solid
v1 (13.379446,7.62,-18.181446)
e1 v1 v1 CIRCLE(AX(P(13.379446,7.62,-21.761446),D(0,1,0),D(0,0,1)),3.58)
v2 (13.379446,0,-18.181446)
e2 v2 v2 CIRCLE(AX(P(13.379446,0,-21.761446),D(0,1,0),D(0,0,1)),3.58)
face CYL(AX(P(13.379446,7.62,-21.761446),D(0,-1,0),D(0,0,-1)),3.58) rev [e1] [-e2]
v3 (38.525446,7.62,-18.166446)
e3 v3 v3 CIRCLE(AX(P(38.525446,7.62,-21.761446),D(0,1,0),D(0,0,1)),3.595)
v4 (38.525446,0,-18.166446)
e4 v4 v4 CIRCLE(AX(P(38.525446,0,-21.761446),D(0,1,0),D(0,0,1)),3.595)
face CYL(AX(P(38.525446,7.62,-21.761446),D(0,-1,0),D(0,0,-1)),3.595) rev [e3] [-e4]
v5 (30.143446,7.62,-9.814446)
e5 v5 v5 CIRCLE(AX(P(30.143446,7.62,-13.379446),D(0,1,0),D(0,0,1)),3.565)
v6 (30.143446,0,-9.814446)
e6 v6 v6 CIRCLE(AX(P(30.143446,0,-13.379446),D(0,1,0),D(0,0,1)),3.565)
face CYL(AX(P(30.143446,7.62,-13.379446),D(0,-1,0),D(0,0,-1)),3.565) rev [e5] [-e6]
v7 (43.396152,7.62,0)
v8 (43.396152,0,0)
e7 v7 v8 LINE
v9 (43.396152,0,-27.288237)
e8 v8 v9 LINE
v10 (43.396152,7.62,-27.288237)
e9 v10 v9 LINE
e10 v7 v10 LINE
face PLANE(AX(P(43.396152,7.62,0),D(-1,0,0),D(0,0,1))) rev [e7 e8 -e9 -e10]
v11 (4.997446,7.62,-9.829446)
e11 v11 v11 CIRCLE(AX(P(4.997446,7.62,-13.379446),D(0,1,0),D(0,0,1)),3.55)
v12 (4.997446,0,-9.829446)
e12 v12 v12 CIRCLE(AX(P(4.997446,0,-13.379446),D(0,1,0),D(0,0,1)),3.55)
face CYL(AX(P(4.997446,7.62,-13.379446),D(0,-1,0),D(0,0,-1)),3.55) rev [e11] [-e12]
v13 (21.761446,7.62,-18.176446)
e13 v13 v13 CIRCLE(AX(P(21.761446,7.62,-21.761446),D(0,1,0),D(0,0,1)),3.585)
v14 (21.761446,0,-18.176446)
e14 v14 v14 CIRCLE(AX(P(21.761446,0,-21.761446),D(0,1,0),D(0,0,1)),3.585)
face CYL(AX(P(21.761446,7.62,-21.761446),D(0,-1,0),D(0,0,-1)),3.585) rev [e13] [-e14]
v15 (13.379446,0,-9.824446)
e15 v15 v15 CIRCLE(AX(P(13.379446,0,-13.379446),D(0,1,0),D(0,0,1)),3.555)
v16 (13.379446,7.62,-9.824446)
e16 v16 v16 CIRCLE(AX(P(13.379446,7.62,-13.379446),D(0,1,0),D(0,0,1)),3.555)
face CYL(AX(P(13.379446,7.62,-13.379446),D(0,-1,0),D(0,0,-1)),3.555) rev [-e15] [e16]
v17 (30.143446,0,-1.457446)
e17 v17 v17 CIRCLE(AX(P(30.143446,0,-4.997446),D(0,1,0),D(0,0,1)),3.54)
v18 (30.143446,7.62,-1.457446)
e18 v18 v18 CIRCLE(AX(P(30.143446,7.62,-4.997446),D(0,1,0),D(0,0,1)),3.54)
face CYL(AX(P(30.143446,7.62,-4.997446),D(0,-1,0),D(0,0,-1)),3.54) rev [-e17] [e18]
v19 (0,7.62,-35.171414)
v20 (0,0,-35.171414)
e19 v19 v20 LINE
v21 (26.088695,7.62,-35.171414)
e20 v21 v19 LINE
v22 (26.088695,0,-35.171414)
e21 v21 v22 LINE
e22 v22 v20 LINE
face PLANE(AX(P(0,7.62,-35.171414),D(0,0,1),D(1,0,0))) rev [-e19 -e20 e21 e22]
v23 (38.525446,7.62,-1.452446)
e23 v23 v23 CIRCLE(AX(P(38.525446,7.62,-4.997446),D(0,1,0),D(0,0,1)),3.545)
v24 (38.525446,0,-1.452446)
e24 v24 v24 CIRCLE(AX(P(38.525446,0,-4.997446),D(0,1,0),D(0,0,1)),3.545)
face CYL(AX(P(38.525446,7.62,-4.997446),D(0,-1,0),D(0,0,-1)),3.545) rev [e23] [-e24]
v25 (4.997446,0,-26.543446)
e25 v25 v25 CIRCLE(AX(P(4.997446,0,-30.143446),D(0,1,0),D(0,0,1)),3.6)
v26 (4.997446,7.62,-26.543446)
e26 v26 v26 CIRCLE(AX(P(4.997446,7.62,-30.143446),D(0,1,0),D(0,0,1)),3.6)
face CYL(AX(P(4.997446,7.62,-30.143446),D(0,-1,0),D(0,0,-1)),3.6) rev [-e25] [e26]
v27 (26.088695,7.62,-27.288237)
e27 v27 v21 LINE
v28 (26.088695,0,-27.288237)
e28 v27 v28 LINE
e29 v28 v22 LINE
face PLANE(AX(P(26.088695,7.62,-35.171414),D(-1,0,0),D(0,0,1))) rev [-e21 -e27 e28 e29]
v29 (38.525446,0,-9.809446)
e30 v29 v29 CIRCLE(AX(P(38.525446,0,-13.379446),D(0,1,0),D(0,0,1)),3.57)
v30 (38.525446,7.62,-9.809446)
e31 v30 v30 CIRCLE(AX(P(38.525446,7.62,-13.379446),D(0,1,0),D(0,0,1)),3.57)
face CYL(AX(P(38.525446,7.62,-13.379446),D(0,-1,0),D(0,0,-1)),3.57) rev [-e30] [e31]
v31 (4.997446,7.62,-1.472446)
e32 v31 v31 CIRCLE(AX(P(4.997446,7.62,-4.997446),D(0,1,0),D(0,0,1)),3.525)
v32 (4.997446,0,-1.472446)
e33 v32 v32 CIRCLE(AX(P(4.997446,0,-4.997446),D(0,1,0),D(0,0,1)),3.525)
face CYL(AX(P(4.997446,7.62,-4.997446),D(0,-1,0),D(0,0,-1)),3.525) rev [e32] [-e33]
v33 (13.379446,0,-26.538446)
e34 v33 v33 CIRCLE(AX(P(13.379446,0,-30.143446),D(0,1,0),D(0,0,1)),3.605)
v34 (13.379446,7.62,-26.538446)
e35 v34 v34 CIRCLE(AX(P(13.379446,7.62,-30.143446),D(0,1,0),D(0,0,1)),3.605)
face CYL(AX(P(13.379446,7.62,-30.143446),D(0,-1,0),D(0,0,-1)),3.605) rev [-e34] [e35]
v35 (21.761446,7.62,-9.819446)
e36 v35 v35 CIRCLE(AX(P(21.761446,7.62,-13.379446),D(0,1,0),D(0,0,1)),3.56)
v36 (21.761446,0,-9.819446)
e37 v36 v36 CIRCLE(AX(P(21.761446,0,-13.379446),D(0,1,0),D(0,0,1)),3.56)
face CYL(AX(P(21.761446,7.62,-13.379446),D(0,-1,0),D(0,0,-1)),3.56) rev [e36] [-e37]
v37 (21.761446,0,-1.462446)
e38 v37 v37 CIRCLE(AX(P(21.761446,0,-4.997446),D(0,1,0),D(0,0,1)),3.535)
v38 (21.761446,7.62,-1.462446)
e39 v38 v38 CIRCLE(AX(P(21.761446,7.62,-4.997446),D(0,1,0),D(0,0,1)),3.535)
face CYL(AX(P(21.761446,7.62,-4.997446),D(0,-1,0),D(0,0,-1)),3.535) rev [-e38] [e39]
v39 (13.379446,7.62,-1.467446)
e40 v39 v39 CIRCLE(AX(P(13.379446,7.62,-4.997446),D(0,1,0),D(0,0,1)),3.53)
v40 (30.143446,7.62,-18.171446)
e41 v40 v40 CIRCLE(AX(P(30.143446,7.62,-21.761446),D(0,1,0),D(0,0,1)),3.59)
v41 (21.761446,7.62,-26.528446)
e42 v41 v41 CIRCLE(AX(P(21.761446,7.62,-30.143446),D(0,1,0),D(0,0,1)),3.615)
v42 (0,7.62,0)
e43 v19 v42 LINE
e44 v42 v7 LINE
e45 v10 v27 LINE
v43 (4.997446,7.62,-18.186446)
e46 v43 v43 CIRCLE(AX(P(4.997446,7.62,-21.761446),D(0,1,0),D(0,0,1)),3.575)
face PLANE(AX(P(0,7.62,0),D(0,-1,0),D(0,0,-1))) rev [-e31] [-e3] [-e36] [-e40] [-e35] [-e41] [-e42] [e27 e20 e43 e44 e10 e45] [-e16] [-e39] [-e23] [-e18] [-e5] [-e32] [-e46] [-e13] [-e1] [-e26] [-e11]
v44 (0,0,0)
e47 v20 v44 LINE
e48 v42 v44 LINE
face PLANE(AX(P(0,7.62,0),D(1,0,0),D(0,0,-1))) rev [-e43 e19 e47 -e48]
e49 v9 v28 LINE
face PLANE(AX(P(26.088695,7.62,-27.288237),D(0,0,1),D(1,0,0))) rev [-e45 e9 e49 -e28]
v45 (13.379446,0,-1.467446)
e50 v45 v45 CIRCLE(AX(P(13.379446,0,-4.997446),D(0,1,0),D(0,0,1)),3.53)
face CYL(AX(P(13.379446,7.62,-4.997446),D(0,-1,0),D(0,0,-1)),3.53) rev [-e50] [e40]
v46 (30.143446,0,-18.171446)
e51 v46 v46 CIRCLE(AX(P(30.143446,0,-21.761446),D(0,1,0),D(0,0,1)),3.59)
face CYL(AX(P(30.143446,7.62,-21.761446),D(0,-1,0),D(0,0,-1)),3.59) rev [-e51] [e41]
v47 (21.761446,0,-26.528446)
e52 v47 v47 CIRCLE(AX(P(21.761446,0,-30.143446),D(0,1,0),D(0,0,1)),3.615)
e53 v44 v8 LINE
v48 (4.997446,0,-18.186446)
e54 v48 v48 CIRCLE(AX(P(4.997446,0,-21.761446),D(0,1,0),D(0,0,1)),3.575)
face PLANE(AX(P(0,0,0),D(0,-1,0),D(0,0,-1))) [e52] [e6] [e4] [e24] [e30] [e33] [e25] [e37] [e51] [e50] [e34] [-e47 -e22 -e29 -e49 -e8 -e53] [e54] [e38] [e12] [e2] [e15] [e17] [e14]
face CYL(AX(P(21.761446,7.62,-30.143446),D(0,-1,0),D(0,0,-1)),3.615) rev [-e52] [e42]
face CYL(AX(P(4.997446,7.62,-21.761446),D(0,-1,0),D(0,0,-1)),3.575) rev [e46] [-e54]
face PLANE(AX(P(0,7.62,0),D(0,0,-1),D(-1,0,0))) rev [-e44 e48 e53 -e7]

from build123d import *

# Parameters (mm, degrees)
SKETCH1_R           = 3.525
SKETCH1_R_2         = 3.53
SKETCH1_R_3         = 3.535
SKETCH1_R_4         = 3.54
SKETCH1_R_5         = 3.545
SKETCH1_R_6         = 3.555
SKETCH1_R_7         = 3.56
SKETCH1_R_8         = 3.565
SKETCH1_R_9         = 3.57
SKETCH1_R_10        = 3.58
SKETCH1_R_11        = 3.585
SKETCH1_R_12        = 3.59
SKETCH1_R_13        = 3.595
SKETCH1_R_14        = 3.605
SKETCH1_R_15        = 3.615
SKETCH1_R_16        = 3.55
SKETCH1_R_17        = 3.575
SKETCH1_R_18        = 3.6
BOSS_EXTRUDE1_DEPTH = 7.62


with BuildPart() as part:
    # Sketch1 → Boss-Extrude1 (new body)
    with BuildSketch(Plane(origin=(0, 0, 0), x_dir=(1, 0, 0), z_dir=(0, 1, 0))):
        Polygon((0, 0), (43.396152207, 0), (43.396152207, 27.288237387), (26.088694952, 27.288237387), (26.088694952, 35.171413764), (0, 35.171413764), align=None)
        with Locations((4.997445859, 4.997445859)):
            Circle(SKETCH1_R, mode=Mode.SUBTRACT)
        with Locations((13.379445859, 4.997445859)):
            Circle(SKETCH1_R_2, mode=Mode.SUBTRACT)
        with Locations((21.761445859, 4.997445859)):
            Circle(SKETCH1_R_3, mode=Mode.SUBTRACT)
        with Locations((30.143445859, 4.997445859)):
            Circle(SKETCH1_R_4, mode=Mode.SUBTRACT)
        with Locations((38.525445859, 4.997445859)):
            Circle(SKETCH1_R_5, mode=Mode.SUBTRACT)
        with Locations((13.379445859, 13.379445859)):
            Circle(SKETCH1_R_6, mode=Mode.SUBTRACT)
        with Locations((21.761445859, 13.379445859)):
            Circle(SKETCH1_R_7, mode=Mode.SUBTRACT)
        with Locations((30.143445859, 13.379445859)):
            Circle(SKETCH1_R_8, mode=Mode.SUBTRACT)
        with Locations((38.525445859, 13.379445859)):
            Circle(SKETCH1_R_9, mode=Mode.SUBTRACT)
        with Locations((13.379445859, 21.761445859)):
            Circle(SKETCH1_R_10, mode=Mode.SUBTRACT)
        with Locations((21.761445859, 21.761445859)):
            Circle(SKETCH1_R_11, mode=Mode.SUBTRACT)
        with Locations((30.143445859, 21.761445859)):
            Circle(SKETCH1_R_12, mode=Mode.SUBTRACT)
        with Locations((38.525445859, 21.761445859)):
            Circle(SKETCH1_R_13, mode=Mode.SUBTRACT)
        with Locations((13.379445859, 30.143445859)):
            Circle(SKETCH1_R_14, mode=Mode.SUBTRACT)
        with Locations((21.761445859, 30.143445859)):
            Circle(SKETCH1_R_15, mode=Mode.SUBTRACT)
        with Locations((4.997445859, 13.379445859)):
            Circle(SKETCH1_R_16, mode=Mode.SUBTRACT)
        with Locations((4.997445859, 21.761445859)):
            Circle(SKETCH1_R_17, mode=Mode.SUBTRACT)
        with Locations((4.997445859, 30.143445859)):
            Circle(SKETCH1_R_18, mode=Mode.SUBTRACT)
    extrude(amount=BOSS_EXTRUDE1_DEPTH)


solid = part.part
